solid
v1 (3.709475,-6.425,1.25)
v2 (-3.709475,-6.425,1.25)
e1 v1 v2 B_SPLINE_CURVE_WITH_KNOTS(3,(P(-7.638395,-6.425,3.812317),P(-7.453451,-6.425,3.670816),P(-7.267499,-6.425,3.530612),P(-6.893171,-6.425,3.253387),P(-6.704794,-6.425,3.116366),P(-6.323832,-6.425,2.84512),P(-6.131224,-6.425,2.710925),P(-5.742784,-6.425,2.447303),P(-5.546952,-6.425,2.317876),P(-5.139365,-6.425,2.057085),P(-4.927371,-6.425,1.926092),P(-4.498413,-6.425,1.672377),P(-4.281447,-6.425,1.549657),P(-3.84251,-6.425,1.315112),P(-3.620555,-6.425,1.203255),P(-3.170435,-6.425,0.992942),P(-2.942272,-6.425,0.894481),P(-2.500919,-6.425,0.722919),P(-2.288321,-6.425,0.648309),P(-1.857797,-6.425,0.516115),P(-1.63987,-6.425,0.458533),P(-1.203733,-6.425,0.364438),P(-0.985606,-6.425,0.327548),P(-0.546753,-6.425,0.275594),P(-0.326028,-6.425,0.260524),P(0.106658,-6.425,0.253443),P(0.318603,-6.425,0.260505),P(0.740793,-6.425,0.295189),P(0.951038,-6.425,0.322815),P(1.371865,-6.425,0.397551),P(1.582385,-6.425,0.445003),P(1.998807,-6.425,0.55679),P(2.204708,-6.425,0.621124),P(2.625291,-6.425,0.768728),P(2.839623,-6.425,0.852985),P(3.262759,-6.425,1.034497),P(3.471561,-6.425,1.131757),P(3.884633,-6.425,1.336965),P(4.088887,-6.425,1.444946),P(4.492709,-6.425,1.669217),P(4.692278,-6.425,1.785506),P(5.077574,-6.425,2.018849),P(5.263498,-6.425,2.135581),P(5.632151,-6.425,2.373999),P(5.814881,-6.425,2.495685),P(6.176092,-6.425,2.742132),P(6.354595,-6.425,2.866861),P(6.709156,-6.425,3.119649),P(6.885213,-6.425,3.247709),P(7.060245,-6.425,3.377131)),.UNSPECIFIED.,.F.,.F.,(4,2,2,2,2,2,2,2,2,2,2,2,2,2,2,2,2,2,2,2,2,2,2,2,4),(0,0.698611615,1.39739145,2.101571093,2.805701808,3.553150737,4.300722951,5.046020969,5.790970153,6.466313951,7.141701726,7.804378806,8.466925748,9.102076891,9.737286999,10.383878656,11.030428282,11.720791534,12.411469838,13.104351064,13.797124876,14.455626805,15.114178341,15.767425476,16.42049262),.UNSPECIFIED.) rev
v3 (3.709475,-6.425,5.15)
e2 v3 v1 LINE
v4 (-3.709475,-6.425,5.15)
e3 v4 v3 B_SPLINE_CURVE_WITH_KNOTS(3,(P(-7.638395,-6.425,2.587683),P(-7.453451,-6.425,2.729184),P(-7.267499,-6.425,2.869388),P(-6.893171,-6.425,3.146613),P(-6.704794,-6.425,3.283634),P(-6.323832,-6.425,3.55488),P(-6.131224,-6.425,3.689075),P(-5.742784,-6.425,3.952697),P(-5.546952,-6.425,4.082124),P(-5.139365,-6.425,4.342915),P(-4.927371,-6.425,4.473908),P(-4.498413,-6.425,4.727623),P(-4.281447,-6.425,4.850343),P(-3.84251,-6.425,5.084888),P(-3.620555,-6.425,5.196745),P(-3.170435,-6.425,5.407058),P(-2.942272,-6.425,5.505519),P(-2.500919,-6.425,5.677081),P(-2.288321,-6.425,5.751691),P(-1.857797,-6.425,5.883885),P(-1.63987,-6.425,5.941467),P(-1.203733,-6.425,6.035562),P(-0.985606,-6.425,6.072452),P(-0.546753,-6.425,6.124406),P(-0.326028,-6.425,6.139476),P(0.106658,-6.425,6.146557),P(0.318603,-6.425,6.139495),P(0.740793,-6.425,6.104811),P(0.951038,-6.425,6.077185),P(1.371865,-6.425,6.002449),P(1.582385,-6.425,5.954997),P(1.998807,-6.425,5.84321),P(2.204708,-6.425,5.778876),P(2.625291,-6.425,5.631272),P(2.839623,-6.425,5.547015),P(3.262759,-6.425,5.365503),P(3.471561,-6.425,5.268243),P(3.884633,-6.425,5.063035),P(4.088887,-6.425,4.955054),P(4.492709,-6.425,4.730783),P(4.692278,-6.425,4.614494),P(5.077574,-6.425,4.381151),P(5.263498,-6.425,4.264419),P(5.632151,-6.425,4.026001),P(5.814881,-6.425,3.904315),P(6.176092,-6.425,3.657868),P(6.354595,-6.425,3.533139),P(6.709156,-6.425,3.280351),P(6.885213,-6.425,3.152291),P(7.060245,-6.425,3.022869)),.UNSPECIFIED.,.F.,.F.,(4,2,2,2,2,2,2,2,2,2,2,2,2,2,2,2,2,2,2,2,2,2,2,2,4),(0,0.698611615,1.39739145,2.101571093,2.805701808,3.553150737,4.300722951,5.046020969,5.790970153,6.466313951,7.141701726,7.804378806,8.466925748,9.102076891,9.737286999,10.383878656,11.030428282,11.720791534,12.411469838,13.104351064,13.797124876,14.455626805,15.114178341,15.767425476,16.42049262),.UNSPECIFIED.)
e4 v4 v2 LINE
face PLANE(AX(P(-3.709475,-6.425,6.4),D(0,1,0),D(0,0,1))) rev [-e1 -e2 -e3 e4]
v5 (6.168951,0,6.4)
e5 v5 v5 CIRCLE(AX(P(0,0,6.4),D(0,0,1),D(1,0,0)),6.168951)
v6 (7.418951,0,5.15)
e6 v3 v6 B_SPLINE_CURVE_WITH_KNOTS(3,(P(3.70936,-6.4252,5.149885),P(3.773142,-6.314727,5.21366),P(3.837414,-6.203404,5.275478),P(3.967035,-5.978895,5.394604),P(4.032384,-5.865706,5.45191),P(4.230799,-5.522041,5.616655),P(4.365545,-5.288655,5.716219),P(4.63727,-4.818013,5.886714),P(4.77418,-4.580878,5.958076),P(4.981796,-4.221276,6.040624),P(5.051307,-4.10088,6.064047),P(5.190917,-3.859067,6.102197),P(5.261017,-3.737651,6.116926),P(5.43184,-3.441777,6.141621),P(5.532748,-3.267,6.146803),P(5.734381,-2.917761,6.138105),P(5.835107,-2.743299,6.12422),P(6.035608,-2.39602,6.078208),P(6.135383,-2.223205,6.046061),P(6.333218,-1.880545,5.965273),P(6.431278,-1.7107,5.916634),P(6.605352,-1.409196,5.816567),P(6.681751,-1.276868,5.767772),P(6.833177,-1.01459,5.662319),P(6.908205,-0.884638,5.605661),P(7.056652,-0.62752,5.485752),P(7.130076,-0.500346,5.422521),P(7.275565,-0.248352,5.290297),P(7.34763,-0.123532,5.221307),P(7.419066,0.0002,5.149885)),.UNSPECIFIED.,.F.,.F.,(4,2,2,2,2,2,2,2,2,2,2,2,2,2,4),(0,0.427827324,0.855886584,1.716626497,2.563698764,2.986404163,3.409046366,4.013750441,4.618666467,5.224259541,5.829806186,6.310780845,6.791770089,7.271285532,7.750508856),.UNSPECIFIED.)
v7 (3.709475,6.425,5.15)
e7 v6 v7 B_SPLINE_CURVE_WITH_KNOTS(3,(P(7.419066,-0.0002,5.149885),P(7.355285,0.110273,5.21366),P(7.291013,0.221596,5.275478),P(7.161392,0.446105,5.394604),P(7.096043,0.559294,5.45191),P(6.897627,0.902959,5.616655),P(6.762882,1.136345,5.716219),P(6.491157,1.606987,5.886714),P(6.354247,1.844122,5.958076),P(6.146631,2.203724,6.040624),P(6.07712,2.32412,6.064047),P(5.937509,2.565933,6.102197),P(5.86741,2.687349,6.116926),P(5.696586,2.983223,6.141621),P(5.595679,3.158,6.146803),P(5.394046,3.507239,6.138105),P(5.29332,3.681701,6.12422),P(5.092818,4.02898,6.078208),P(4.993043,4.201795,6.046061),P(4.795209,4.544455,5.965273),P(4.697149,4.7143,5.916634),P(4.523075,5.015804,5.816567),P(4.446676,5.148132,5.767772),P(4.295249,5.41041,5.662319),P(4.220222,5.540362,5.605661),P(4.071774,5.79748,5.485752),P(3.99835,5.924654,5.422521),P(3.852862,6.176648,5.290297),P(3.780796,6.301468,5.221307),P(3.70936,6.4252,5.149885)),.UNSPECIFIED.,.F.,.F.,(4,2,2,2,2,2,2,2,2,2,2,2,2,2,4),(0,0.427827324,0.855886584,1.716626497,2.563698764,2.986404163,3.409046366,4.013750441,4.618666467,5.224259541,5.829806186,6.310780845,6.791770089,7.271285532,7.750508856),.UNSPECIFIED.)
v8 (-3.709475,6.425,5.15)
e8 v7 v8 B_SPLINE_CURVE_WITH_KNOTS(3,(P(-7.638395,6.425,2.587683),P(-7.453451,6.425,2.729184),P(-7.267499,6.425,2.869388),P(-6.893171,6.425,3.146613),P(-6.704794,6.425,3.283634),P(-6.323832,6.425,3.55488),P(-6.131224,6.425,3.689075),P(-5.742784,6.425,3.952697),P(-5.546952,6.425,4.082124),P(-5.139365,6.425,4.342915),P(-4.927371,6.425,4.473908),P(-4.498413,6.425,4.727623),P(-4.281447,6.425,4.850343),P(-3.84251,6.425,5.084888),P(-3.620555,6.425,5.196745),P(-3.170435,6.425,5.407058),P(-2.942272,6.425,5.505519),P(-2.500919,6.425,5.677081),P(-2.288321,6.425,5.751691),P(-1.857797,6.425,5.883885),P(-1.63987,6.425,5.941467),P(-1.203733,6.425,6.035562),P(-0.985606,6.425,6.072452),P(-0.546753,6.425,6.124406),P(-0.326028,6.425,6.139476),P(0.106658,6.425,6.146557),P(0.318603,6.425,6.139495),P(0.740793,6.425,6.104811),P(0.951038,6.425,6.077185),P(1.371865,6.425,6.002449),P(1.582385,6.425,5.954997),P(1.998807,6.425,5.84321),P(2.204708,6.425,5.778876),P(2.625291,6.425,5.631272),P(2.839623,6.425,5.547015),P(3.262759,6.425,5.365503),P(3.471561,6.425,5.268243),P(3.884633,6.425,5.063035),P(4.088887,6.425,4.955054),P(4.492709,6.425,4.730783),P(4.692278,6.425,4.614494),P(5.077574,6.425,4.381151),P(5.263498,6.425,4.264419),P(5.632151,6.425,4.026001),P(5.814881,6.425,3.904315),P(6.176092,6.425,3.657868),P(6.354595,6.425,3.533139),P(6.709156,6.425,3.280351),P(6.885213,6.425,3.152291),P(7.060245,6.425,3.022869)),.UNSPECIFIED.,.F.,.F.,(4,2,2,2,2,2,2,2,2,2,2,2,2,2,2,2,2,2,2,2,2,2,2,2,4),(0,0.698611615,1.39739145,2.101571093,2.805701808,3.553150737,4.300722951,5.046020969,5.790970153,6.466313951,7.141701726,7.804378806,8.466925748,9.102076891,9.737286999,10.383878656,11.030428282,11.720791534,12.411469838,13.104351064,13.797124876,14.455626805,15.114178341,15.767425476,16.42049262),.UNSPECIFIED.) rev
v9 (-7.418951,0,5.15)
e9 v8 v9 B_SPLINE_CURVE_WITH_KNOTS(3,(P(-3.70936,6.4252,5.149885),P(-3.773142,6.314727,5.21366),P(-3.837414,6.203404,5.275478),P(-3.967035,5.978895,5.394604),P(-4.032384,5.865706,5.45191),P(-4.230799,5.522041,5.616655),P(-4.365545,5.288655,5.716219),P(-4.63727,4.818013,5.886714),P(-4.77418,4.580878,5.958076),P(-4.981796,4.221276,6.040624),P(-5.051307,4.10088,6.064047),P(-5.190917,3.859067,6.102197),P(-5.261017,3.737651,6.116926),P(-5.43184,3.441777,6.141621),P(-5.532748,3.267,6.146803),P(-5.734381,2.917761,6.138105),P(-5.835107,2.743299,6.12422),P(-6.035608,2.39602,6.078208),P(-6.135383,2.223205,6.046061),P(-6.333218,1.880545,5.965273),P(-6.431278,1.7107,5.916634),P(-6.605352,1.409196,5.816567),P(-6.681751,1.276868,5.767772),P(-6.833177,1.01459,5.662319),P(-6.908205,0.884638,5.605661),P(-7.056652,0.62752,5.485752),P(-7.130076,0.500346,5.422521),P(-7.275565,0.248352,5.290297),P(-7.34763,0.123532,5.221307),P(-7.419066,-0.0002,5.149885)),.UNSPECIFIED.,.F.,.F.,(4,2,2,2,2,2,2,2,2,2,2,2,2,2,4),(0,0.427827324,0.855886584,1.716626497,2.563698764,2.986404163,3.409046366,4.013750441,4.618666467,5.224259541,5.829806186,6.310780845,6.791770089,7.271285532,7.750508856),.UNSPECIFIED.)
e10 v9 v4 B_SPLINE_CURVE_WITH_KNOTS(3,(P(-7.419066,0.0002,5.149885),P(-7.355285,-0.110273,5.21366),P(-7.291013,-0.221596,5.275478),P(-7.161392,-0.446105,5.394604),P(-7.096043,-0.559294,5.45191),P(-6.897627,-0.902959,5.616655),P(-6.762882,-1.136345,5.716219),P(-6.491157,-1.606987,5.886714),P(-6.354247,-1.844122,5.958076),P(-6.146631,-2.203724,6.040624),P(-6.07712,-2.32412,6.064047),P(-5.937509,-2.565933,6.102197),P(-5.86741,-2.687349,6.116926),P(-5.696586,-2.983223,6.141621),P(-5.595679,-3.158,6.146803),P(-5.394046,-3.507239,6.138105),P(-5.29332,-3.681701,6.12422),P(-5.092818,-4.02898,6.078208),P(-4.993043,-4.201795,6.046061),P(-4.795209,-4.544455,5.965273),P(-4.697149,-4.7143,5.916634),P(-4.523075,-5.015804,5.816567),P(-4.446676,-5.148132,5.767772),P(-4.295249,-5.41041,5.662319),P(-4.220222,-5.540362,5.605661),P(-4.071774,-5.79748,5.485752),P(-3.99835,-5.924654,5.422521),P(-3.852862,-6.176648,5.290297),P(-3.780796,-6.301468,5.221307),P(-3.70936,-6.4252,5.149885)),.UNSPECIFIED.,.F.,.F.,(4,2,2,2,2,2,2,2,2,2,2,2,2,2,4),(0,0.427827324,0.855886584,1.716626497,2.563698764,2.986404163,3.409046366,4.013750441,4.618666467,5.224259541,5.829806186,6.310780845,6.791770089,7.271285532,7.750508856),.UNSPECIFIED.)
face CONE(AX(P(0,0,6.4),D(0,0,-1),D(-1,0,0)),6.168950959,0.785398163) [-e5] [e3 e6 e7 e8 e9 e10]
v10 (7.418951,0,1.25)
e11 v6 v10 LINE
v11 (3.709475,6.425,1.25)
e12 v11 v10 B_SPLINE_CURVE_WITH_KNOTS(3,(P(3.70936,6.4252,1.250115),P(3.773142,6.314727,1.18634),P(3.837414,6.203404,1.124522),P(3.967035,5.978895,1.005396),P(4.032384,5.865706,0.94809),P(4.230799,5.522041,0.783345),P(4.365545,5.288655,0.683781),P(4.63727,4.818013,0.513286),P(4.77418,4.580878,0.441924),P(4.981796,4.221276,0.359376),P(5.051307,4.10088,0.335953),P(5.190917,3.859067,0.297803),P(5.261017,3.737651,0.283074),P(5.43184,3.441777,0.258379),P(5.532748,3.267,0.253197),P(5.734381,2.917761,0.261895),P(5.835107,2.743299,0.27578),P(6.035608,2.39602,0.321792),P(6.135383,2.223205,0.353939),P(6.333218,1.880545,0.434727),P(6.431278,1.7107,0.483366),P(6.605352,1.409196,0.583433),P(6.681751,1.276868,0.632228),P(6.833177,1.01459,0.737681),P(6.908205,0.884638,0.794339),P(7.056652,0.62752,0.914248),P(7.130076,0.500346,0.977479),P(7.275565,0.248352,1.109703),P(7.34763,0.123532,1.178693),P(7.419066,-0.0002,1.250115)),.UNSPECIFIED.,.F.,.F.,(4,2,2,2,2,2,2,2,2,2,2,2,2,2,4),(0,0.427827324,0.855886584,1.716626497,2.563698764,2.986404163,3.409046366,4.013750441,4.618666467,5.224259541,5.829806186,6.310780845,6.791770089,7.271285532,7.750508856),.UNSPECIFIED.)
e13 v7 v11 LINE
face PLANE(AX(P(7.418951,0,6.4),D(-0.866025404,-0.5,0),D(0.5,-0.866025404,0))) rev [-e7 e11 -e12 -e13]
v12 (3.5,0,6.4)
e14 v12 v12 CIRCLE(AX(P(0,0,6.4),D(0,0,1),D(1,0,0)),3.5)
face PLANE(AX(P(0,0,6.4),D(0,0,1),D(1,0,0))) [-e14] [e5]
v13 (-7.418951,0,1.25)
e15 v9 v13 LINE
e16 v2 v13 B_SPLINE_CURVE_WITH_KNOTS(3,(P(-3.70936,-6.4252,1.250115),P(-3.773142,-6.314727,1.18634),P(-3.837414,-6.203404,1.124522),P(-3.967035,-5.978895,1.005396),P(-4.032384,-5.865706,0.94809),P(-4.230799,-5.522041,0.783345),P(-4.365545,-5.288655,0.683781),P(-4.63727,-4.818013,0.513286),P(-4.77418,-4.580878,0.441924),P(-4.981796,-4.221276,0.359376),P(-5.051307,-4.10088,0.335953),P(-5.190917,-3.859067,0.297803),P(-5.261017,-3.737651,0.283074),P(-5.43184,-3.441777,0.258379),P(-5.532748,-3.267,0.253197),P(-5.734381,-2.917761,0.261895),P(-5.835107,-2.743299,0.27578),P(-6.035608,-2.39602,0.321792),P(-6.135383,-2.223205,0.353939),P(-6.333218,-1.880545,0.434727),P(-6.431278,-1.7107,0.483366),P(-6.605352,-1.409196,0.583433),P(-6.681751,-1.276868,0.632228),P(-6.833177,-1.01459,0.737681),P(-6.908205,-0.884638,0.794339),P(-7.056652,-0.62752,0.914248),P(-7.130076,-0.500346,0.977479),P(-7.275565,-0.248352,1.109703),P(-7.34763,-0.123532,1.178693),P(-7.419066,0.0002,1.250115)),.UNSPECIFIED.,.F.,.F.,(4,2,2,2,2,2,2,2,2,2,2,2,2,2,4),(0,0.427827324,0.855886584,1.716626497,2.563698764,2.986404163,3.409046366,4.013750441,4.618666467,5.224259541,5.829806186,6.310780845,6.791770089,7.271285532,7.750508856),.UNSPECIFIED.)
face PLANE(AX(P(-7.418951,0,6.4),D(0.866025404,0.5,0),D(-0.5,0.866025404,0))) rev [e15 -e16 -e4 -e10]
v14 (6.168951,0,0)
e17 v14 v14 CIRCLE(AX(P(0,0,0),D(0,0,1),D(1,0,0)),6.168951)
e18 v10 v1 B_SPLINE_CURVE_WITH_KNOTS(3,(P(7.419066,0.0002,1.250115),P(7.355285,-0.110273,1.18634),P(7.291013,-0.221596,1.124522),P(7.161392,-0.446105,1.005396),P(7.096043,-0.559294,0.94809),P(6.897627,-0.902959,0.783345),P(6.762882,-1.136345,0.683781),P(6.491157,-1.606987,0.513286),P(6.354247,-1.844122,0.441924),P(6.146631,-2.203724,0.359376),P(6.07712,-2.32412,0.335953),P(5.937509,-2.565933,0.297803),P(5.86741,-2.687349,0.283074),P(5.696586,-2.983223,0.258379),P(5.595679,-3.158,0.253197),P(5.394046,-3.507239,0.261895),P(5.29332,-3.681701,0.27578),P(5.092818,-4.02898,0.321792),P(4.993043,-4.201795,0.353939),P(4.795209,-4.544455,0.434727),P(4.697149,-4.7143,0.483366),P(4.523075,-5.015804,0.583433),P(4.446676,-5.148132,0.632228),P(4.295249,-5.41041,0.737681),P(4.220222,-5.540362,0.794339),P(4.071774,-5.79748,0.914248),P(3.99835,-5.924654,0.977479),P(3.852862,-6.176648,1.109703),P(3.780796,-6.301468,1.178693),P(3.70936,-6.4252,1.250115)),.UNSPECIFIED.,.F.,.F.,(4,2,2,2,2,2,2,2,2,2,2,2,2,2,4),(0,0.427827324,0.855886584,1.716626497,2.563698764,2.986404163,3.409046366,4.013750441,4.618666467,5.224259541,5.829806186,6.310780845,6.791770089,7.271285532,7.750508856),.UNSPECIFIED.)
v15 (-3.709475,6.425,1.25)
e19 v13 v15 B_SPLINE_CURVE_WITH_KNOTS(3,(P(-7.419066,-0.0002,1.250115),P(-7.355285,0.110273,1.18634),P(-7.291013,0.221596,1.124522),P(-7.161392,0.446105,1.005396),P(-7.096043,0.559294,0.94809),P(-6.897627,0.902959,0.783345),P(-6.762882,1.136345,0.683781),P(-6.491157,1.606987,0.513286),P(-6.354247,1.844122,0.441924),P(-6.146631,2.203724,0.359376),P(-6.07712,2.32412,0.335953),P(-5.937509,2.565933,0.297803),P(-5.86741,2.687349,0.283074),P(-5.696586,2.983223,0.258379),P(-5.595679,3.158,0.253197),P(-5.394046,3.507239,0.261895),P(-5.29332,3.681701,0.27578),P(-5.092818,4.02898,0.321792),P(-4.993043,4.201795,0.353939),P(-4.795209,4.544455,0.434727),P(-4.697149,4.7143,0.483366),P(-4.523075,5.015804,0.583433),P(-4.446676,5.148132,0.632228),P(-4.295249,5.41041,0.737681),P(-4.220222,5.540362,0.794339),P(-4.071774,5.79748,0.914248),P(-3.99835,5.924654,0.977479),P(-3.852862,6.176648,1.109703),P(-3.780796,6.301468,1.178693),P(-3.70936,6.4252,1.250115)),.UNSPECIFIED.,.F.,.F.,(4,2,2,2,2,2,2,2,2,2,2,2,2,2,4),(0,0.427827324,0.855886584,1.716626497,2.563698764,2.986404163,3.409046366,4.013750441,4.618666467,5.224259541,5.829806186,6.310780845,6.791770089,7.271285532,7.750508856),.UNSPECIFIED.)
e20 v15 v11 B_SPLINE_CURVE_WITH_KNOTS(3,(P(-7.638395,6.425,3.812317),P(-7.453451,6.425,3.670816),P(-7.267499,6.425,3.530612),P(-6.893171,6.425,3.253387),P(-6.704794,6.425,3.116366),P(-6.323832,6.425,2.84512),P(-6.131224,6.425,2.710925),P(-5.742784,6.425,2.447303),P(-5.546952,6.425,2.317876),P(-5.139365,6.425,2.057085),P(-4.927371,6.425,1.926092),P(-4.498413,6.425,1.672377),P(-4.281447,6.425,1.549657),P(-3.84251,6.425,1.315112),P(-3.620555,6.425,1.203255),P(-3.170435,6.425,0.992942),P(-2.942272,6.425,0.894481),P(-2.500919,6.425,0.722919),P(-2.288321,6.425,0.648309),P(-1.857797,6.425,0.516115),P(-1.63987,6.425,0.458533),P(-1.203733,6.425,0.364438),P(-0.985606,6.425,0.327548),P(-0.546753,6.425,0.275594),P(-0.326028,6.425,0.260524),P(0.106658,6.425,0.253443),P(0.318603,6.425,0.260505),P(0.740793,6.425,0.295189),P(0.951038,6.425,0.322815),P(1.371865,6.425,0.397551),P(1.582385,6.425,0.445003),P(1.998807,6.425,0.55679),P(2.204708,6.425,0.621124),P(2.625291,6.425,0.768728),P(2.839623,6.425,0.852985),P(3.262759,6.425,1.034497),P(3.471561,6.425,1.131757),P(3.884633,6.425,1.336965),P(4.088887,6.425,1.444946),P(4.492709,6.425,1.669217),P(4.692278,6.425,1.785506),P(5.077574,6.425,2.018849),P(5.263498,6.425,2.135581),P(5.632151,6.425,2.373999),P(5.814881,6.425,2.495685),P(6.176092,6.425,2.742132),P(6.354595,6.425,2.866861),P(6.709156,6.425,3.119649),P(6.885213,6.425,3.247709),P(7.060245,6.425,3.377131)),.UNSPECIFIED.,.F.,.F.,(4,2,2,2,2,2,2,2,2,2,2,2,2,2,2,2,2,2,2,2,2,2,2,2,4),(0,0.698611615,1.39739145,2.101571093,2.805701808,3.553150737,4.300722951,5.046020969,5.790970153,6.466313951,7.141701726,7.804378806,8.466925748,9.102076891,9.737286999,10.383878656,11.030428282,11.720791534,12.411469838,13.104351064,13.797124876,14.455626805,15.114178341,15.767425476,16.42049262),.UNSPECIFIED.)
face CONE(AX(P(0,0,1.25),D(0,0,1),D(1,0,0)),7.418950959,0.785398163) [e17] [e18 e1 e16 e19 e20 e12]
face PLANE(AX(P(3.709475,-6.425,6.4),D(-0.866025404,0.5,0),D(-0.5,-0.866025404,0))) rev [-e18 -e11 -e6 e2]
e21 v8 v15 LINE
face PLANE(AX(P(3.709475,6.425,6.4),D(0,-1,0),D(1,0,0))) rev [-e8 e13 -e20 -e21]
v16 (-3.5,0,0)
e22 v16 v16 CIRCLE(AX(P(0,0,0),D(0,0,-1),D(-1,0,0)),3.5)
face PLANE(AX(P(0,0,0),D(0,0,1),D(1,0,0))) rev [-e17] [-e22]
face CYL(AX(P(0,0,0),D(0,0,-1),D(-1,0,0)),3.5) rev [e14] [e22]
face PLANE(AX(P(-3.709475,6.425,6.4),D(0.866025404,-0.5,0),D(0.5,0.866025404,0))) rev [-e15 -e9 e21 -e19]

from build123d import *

# Parameters (mm, degrees)
BOSS_EXTRUDE1_DEPTH             = 6.4
TAP_DRILL_FOR_M8X1_0_TAP1_D     = 7
TAP_DRILL_FOR_M8X1_0_TAP1_DEPTH = 16


with BuildPart() as part:
    # Sketch1 → Boss-Extrude1 (new body)
    with BuildSketch(Plane.XY):
        Polygon((7.418950959, 0), (3.70947548, 6.425), (-3.70947548, 6.425), (-7.418950959, 0), (-3.70947548, -6.425), (3.70947548, -6.425), align=None)
    extrude(amount=BOSS_EXTRUDE1_DEPTH)

    # Tap Drill for M8x1.0 Tap1
    with Locations(Plane(origin=(0, 0, 0), x_dir=(-1, 0, 0), z_dir=(0, 0, -1))):
        with Locations((0, 0)):
            Hole(TAP_DRILL_FOR_M8X1_0_TAP1_D / 2, depth=TAP_DRILL_FOR_M8X1_0_TAP1_DEPTH)

    # Sketch4 → Cut-Revolve1 (revolve, cut)
    with BuildSketch(Plane(origin=(0, 0, 0), x_dir=(-1, 0, 0), z_dir=(0, -1, 0))):
        Polygon((-7.418950959, 0), (-7.418950959, -1.25), (-6.168950959, 0), align=None)
        Polygon((-7.418950959, -6.4), (-7.418950959, -5.15), (-6.168950959, -6.4), align=None)
    revolve(axis=Axis((0, 0, 6.4), (0, 0, -1)), mode=Mode.SUBTRACT)


solid = part.part
